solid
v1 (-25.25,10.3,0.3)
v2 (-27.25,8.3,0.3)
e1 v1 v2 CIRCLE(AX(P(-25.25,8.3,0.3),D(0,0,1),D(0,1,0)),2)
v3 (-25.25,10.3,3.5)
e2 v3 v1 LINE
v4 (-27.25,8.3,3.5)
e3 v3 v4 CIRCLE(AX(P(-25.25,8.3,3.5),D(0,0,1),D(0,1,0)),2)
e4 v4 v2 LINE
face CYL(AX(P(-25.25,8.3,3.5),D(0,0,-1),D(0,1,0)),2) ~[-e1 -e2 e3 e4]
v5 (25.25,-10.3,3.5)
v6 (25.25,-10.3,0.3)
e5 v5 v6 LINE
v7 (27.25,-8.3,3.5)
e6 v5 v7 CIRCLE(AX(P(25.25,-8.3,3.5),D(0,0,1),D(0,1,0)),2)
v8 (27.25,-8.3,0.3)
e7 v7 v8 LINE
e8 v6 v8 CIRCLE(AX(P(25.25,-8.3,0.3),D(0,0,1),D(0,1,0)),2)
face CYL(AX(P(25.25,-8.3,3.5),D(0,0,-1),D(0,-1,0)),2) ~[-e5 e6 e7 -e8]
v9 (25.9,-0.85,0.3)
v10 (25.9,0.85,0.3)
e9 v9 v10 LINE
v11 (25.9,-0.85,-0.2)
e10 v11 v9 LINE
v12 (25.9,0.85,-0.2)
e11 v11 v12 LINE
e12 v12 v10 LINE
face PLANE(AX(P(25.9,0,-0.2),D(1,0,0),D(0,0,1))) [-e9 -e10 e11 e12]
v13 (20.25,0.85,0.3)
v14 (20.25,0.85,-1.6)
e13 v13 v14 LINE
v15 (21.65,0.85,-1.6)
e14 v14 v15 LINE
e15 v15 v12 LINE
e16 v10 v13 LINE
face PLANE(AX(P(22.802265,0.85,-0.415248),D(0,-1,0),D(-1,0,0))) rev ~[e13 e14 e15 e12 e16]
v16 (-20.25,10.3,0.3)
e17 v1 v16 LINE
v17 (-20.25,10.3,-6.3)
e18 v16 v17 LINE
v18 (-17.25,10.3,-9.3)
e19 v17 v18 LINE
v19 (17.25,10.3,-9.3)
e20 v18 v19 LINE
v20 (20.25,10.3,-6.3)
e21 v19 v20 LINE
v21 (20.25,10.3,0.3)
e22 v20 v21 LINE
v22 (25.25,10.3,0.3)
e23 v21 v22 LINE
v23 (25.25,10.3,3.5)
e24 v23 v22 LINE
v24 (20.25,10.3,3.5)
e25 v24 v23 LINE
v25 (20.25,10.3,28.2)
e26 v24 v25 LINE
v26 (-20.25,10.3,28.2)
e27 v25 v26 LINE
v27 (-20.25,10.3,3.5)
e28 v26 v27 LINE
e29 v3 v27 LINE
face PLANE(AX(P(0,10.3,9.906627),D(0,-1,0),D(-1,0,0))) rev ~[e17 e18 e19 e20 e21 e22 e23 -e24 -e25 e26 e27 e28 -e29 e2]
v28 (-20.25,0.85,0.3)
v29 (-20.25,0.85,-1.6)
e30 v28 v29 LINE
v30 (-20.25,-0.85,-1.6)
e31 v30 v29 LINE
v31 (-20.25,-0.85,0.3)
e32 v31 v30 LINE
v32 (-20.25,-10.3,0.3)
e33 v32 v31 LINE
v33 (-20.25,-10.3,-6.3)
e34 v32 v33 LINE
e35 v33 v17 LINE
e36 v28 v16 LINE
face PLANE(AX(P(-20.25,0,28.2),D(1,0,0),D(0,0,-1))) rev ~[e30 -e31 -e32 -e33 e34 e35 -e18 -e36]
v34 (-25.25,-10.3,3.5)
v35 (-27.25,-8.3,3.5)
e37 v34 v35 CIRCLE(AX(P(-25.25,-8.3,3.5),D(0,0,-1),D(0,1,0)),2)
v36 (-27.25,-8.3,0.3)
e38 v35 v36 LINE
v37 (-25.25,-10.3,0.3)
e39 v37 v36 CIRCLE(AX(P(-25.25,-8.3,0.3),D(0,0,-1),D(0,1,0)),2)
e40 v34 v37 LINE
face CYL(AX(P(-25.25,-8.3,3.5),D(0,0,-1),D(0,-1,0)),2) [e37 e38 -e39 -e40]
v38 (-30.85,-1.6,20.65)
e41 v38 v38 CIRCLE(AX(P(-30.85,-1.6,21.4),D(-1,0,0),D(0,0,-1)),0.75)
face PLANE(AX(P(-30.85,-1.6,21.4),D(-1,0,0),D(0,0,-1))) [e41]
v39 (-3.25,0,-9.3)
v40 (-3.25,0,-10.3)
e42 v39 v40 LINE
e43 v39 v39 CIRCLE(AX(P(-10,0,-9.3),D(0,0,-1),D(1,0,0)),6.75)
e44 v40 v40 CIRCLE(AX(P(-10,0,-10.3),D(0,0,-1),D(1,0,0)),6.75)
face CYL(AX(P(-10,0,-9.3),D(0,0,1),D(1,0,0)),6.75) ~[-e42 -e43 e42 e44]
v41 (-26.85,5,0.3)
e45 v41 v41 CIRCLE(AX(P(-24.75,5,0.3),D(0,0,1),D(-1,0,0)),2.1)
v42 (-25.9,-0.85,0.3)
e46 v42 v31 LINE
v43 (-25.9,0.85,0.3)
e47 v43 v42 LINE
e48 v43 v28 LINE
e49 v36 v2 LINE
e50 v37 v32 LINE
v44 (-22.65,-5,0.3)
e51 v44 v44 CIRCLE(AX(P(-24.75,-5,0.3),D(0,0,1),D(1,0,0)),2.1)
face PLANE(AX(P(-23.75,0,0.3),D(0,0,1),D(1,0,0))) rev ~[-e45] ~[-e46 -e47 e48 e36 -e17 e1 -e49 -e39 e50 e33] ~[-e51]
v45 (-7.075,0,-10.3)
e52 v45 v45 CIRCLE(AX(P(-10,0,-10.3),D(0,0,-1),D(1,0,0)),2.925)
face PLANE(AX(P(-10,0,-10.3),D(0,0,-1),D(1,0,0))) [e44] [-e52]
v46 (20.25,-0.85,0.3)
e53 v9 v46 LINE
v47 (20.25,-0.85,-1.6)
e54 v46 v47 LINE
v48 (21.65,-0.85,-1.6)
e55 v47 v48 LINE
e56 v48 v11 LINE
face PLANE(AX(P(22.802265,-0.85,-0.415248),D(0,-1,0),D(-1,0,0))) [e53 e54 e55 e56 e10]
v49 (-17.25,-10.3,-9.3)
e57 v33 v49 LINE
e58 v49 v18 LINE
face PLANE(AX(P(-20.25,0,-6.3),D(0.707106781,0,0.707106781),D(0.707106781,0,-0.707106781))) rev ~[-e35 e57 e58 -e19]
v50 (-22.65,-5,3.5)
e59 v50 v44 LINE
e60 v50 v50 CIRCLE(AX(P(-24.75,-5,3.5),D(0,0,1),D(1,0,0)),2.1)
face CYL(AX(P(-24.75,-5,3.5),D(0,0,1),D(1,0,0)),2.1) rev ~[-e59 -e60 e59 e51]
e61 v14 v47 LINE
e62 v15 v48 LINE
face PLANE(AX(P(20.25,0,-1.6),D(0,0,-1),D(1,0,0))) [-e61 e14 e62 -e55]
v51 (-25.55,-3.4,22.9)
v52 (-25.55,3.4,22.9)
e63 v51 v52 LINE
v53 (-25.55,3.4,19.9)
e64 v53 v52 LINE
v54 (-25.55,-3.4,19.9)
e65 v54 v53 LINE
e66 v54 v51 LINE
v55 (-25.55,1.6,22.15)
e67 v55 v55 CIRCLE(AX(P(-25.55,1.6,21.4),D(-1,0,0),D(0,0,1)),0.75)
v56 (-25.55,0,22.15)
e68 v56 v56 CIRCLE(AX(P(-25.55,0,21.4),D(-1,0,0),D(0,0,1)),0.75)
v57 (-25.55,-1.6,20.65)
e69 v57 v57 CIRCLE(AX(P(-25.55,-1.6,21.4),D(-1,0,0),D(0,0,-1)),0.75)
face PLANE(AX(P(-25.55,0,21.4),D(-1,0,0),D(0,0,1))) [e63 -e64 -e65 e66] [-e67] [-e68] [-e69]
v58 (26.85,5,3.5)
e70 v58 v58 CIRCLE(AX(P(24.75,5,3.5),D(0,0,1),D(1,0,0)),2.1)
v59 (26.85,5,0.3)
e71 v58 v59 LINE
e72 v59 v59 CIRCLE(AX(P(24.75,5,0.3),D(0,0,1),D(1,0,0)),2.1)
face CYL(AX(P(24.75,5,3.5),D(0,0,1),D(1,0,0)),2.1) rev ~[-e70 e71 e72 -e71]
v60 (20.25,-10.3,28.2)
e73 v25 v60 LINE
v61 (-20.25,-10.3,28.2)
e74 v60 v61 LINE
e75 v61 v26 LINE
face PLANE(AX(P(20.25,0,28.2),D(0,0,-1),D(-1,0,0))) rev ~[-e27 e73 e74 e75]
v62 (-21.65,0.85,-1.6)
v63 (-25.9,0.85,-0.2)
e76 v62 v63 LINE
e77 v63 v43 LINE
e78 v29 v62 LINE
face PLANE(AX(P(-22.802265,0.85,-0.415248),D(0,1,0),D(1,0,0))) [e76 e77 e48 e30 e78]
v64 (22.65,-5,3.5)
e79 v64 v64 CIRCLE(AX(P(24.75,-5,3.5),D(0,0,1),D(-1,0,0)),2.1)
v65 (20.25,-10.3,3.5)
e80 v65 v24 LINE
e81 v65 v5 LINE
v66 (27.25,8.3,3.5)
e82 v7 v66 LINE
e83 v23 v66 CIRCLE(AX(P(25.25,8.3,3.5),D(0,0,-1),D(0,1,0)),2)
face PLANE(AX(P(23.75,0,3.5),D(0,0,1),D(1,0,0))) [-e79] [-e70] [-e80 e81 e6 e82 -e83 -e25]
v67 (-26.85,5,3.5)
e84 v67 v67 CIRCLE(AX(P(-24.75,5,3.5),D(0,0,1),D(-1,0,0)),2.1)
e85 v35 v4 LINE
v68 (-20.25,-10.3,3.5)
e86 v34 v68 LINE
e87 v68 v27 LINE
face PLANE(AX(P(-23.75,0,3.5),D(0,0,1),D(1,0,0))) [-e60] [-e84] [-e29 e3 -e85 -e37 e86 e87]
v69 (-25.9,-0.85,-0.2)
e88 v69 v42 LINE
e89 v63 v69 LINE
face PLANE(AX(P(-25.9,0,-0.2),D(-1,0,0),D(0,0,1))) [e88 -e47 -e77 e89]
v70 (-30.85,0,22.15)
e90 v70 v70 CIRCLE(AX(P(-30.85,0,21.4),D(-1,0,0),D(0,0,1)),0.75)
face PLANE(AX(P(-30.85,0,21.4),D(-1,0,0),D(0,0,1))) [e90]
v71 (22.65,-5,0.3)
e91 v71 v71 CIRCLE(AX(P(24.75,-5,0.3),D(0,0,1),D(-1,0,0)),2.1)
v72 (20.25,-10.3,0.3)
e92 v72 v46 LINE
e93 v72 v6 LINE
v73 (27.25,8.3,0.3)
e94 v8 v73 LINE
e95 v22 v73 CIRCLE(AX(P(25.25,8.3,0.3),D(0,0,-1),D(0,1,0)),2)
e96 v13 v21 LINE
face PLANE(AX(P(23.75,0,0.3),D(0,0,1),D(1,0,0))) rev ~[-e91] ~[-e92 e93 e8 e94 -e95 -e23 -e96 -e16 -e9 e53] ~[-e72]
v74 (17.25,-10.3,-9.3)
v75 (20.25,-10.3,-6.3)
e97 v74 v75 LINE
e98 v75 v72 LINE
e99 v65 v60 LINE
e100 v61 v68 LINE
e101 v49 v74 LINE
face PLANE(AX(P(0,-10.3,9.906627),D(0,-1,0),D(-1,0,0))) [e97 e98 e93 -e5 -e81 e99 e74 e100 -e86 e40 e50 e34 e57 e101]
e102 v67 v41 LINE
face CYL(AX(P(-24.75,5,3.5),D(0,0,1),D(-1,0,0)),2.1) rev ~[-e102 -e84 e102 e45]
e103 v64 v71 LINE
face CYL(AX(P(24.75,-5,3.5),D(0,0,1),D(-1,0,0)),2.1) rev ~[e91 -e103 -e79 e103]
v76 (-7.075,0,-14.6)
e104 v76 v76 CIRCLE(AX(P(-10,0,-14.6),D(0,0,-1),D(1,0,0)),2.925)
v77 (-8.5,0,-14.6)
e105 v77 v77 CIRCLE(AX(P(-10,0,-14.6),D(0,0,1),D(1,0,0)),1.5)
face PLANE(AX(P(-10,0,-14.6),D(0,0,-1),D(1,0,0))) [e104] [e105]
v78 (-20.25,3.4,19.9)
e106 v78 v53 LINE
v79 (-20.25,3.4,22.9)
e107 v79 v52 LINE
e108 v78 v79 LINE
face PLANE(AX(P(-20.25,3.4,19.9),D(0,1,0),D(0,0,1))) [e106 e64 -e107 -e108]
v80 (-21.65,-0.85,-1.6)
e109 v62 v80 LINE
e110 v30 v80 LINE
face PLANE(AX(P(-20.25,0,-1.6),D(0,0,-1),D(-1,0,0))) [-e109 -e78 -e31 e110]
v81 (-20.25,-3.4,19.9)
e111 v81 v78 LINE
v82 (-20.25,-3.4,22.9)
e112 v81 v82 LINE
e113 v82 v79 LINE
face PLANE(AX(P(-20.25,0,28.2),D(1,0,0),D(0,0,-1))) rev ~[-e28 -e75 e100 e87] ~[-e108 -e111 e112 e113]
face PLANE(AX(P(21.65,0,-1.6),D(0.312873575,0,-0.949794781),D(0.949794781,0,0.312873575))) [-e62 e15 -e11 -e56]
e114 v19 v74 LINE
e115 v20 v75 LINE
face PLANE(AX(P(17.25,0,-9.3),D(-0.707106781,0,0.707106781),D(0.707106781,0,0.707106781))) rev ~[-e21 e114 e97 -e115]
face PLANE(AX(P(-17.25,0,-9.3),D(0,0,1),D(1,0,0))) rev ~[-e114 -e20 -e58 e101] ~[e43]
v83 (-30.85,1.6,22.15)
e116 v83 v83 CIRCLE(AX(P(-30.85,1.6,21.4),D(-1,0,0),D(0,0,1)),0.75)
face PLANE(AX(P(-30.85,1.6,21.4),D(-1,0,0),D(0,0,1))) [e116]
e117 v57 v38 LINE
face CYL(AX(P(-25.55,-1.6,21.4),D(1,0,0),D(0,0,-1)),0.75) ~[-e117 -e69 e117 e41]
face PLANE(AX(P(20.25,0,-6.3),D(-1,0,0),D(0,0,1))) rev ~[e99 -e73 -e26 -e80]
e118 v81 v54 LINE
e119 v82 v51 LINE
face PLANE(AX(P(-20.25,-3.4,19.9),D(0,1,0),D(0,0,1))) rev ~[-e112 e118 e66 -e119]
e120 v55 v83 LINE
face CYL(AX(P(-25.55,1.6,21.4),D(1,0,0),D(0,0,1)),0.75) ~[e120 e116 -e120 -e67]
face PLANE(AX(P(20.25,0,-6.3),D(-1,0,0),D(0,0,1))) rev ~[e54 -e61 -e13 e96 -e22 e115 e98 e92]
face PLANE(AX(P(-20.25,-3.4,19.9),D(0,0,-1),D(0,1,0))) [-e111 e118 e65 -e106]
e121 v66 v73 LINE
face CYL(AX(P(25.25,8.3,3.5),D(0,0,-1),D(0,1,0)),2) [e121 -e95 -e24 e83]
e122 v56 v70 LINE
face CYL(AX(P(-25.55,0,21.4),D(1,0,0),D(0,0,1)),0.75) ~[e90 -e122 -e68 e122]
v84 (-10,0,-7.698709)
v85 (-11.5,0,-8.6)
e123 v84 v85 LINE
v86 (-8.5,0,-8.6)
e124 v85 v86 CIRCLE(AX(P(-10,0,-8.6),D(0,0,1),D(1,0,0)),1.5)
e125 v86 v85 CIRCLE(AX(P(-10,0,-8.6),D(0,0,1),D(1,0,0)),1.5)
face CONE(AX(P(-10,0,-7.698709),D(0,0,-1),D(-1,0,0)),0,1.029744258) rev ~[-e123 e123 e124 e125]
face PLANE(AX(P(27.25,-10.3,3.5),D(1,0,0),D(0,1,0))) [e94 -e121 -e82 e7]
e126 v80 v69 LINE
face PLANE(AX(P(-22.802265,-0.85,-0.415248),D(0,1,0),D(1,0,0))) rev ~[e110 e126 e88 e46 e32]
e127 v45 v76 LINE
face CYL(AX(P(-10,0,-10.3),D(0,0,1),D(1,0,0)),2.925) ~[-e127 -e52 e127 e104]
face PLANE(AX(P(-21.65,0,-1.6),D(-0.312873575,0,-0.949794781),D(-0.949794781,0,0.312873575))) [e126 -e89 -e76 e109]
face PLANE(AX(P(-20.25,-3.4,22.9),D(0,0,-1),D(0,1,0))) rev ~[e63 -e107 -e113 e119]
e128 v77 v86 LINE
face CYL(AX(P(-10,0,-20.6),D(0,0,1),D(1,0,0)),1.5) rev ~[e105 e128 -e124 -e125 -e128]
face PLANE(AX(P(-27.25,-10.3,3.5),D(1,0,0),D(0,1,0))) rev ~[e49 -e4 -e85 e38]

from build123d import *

# Parameters (mm, degrees)
BOSS_EXTRU_1_DEPTH                = 10.3
ESQUISSE3_W                       = 7
ESQUISSE3_H                       = 20.6
ESQUISSE3_R                       = 2.1
BOSS_EXTRU_2_DEPTH                = 3.2
BOSS_EXTRU_3_DEPTH                = 0.85
ESQUISSE8_R                       = 6.75
BOSS_EXTRU_7_DEPTH                = 1
ESQUISSE5_R                       = 2.925
BOSS_EXTRU_4_DEPTH                = 4.3
CONG_1_R                          = 2
ESQUISSE6_W                       = 3
ESQUISSE6_H                       = 6.8
BOSS_EXTRU_5_DEPTH                = 5.3
ESQUISSE7_R                       = 0.75
BOSS_EXTRU_6_DEPTH                = 5.3
DIAM_TRE_DU_PER_AGE_3_0_3_1_D     = 3
DIAM_TRE_DU_PER_AGE_3_0_3_1_DEPTH = 6
DIAM_TRE_DU_PER_AGE_3_0_3_1_TIP   = 0.901290929


with BuildPart() as part:
    # Esquisse1 → Boss.-Extru.1 (new, symmetric)
    with BuildSketch(Plane(origin=(0, 0, 0), x_dir=(1, 0, 0), z_dir=(0, 1, 0))):
        Polygon((-17.25, 9.3), (17.25, 9.3), (20.25, 6.3), (20.25, -28.2), (-20.25, -28.2), (-20.25, 6.3), align=None)
    extrude(amount=BOSS_EXTRU_1_DEPTH, both=True)

    # Esquisse3 → Boss.-Extru.2 (add)
    # profile 1 of 2: a face of its own
    with BuildSketch(Plane.XY.offset(3.5)):
        with Locations((23.75, 0)):
            Rectangle(ESQUISSE3_W, ESQUISSE3_H)
        with Locations((24.75, 5)):
            Circle(ESQUISSE3_R, mode=Mode.SUBTRACT)
        with Locations(Location((24.75, -5, 0), (0, 0, 180))):
            Circle(ESQUISSE3_R, mode=Mode.SUBTRACT)
    # profile 2 of 2: a face of its own
    with BuildSketch(Plane.XY.offset(3.5)):
        with Locations((-23.75, 0)):
            Rectangle(ESQUISSE3_W, ESQUISSE3_H)
        with Locations(Location((-24.75, 5, 0), (0, 0, 180))):
            Circle(ESQUISSE3_R, mode=Mode.SUBTRACT)
        with Locations((-24.75, -5)):
            Circle(ESQUISSE3_R, mode=Mode.SUBTRACT)
    extrude(amount=-BOSS_EXTRU_2_DEPTH)

    # Esquisse4 → Boss.-Extru.3 (add, symmetric)
    with BuildSketch(Plane(origin=(0, 0, 0), x_dir=(1, 0, 0), z_dir=(0, 1, 0))):
        Polygon((20.25, -0.3), (20.25, 1.6), (21.65, 1.6), (25.9, 0.2), (25.9, -0.3), align=None)
        Polygon((-25.9, -0.3), (-20.25, -0.3), (-20.25, 1.6), (-21.65, 1.6), (-25.9, 0.2), align=None)
    extrude(amount=BOSS_EXTRU_3_DEPTH, both=True)

    # Esquisse8 → Boss.-Extru.7 (add)
    with BuildSketch(Plane(origin=(0, 0, -9.3), x_dir=(-1, 0, 0), z_dir=(0, 0, -1))):
        with Locations(Location((10, 0, 0), (0, 0, 180))):
            Circle(ESQUISSE8_R)
    extrude(amount=BOSS_EXTRU_7_DEPTH)

    # Esquisse5 → Boss.-Extru.4 (add)
    with BuildSketch(Plane(origin=(0, 0, -10.3), x_dir=(-1, 0, 0), z_dir=(0, 0, -1))):
        with Locations(Location((10, 0, 0), (0, 0, 180))):
            Circle(ESQUISSE5_R)
    extrude(amount=BOSS_EXTRU_4_DEPTH)

    # Congé1
    cong_1_edges = [part.edges().sort_by_distance(p)[0] for p in [
        (27.25, 10.3, 1.9),
        (27.25, -10.3, 1.9),
        (-27.25, -10.3, 1.9),
        (-27.25, 10.3, 1.9),
    ]]
    fillet(cong_1_edges, radius=CONG_1_R)

    # Esquisse6 → Boss.-Extru.5 (add)
    with BuildSketch(Plane.ZY.offset(20.25)):
        with Locations((21.4, 0)):
            Rectangle(ESQUISSE6_W, ESQUISSE6_H)
    extrude(amount=BOSS_EXTRU_5_DEPTH)

    # Esquisse7 → Boss.-Extru.6 (add)
    with BuildSketch(Plane.ZY.offset(25.55)):
        with Locations((21.4, 0)):
            Circle(ESQUISSE7_R)
        with Locations((21.4, 1.6)):
            Circle(ESQUISSE7_R)
        with Locations(Location((21.4, -1.6, 0), (0, 0, 180))):
            Circle(ESQUISSE7_R)
    extrude(amount=BOSS_EXTRU_6_DEPTH)

    # Diamètre du perçage Ø3.0 (3)1
    with Locations(Plane(origin=(0, 0, -14.6), x_dir=(-1, 0, 0), z_dir=(0, 0, -1))):
        with Locations((10, 0)):
            Hole(DIAM_TRE_DU_PER_AGE_3_0_3_1_D / 2, depth=DIAM_TRE_DU_PER_AGE_3_0_3_1_DEPTH)
            with Locations((0, 0, -(DIAM_TRE_DU_PER_AGE_3_0_3_1_DEPTH + DIAM_TRE_DU_PER_AGE_3_0_3_1_TIP / 2))):  # 118° drill point
                Cone(0, DIAM_TRE_DU_PER_AGE_3_0_3_1_D / 2, DIAM_TRE_DU_PER_AGE_3_0_3_1_TIP, mode=Mode.SUBTRACT)


solid = part.part
